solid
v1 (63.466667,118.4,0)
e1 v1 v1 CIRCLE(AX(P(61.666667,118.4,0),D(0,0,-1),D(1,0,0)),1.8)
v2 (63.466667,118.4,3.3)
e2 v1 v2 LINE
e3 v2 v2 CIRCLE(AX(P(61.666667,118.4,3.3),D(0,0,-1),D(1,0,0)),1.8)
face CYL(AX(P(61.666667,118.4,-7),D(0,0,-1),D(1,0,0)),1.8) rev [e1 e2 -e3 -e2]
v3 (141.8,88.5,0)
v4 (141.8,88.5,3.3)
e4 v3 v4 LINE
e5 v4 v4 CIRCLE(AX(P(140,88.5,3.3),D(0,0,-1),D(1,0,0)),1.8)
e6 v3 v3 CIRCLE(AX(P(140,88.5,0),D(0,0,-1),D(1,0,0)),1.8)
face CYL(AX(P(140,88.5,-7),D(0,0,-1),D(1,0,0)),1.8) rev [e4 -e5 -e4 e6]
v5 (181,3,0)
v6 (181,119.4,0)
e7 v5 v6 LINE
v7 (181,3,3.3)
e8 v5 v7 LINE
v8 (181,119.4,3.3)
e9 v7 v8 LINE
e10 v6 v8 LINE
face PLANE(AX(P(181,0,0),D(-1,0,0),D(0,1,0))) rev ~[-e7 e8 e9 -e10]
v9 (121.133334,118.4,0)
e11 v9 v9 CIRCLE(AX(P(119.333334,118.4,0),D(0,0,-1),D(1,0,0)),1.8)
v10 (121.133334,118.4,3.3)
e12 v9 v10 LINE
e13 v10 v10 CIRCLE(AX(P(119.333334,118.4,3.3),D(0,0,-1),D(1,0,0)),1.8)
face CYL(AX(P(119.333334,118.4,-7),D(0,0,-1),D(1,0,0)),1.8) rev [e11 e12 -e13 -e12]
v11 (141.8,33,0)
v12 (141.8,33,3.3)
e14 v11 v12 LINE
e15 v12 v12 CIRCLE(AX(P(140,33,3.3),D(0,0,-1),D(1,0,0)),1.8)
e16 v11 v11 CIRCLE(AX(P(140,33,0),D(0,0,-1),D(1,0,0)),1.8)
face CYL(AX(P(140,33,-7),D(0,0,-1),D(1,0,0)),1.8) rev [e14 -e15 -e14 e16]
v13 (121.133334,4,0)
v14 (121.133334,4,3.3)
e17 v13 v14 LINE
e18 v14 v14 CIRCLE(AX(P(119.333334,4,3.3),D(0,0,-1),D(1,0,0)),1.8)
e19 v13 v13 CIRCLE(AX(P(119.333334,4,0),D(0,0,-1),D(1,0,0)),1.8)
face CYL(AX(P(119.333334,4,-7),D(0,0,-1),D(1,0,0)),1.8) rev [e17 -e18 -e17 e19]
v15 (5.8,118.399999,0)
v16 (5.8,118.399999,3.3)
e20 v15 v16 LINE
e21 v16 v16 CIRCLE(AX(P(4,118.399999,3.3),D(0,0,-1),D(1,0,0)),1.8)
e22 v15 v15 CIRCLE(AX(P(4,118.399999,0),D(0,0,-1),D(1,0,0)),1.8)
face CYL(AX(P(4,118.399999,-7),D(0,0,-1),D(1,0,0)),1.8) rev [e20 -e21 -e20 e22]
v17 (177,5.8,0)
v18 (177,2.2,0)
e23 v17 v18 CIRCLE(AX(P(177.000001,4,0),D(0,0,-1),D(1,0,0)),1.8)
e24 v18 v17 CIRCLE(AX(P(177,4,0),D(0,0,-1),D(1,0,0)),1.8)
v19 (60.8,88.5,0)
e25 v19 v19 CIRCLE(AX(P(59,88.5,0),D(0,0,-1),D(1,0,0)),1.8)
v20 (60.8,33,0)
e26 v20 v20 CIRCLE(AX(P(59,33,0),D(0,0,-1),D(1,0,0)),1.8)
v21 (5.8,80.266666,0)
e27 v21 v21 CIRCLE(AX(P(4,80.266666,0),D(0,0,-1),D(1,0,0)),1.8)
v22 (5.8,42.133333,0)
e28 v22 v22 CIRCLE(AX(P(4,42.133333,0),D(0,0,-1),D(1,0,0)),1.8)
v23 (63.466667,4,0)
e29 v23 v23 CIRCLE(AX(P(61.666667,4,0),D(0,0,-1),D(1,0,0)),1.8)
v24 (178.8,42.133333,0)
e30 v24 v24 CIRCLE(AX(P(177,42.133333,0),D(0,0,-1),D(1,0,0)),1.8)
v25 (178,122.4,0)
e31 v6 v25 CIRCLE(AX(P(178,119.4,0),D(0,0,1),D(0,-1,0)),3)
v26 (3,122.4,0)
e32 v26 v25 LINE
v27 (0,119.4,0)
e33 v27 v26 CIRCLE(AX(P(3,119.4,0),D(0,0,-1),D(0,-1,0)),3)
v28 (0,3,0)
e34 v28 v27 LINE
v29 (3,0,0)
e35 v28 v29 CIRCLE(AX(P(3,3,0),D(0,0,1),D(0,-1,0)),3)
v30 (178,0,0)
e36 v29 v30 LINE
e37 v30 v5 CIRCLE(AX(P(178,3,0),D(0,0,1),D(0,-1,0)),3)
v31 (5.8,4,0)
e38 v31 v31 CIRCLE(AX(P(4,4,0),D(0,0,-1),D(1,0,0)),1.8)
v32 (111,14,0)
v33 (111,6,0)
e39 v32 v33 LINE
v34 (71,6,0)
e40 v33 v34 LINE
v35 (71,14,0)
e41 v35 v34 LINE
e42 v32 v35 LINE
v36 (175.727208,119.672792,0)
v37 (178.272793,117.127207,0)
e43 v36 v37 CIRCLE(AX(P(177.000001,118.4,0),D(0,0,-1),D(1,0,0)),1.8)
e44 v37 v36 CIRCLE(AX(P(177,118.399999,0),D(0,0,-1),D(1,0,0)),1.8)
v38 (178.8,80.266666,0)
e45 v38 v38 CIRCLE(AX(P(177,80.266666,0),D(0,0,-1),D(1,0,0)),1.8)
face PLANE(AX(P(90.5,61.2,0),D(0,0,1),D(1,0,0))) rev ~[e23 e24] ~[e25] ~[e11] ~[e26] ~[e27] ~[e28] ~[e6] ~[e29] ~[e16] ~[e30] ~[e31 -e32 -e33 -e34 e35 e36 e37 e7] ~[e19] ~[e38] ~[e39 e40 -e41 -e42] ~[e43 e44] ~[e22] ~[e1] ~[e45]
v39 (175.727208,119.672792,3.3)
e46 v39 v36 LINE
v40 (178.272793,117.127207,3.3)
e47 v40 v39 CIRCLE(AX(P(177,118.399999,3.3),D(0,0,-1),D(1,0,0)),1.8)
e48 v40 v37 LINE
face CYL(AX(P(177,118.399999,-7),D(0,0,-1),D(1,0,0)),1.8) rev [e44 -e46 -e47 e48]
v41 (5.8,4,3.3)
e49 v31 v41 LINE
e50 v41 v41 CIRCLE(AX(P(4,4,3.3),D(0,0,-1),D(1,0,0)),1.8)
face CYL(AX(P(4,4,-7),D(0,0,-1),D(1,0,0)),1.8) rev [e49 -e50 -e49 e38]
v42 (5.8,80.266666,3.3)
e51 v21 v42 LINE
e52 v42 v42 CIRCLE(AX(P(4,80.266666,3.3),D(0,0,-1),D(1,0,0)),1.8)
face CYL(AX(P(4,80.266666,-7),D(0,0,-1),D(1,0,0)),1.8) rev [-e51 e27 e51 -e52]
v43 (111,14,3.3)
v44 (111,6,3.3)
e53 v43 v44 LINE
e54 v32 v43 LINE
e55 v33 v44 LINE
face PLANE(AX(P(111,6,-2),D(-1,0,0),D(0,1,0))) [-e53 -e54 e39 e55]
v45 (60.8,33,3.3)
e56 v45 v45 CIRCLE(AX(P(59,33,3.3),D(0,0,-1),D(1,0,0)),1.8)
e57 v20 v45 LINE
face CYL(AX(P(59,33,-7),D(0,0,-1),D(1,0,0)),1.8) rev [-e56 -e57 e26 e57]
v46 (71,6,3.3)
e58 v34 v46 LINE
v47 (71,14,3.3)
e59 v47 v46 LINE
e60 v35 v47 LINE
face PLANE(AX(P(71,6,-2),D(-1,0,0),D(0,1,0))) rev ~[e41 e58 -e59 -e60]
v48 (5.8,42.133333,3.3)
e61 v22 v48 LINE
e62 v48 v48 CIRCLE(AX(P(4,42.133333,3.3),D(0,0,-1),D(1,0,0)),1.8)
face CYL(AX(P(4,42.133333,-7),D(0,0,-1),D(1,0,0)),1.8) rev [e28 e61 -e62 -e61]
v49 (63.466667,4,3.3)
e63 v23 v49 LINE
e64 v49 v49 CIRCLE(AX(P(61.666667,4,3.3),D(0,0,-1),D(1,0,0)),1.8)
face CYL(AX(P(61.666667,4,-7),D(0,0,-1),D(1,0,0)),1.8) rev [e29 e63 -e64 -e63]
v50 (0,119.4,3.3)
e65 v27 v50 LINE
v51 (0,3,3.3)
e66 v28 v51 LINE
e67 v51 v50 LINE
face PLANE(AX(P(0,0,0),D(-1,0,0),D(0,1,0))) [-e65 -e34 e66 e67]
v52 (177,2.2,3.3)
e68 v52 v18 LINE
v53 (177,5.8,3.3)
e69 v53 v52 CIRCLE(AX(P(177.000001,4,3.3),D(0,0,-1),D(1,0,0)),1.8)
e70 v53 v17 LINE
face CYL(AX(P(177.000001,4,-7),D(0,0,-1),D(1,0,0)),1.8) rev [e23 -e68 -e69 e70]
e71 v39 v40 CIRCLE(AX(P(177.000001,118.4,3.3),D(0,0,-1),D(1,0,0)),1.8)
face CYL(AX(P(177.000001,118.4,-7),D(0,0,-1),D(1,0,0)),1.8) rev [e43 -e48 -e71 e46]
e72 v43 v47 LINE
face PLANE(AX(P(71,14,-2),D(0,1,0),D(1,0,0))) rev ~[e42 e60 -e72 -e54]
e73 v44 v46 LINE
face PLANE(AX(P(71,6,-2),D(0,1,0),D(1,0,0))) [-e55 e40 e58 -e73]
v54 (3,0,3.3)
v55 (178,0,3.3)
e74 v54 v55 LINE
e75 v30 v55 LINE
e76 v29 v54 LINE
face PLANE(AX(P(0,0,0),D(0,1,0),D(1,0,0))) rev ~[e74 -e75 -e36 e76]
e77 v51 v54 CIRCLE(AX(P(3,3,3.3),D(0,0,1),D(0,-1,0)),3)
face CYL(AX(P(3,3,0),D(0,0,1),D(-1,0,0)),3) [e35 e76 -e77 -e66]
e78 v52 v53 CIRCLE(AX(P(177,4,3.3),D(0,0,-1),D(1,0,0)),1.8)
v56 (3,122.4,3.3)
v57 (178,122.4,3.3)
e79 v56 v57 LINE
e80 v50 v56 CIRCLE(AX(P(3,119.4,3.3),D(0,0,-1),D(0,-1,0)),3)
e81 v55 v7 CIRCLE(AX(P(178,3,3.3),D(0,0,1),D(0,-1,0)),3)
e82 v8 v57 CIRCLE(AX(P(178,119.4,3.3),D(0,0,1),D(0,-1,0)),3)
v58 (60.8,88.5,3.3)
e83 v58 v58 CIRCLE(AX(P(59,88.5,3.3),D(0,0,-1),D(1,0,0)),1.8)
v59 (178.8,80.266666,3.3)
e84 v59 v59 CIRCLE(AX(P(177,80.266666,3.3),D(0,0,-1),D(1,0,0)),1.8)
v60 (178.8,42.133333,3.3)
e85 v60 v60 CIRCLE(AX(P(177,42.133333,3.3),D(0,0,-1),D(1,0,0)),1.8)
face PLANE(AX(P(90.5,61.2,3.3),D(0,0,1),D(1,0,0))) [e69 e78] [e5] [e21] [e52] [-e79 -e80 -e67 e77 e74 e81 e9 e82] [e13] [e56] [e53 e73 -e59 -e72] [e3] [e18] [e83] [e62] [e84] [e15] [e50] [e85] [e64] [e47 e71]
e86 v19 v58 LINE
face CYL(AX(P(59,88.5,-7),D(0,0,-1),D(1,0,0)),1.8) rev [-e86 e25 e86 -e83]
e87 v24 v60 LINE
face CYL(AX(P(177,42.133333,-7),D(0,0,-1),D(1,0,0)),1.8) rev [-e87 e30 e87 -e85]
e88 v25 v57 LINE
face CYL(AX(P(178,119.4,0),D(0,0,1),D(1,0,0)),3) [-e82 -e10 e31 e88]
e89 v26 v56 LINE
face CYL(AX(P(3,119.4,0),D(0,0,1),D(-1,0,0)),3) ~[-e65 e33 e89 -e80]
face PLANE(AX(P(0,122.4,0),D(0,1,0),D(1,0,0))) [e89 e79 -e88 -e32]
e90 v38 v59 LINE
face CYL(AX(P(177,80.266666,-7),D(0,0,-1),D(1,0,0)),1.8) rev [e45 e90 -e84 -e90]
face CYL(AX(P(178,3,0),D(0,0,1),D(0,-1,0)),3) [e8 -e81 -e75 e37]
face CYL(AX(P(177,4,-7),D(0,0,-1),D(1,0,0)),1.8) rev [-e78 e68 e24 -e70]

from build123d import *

# Parameters (mm, degrees)
CYLINDER004_R     = 1.8
CYLINDER004_DEPTH = 20
ARRAY007_X_COUNT  = 2
ARRAY007_X_PITCH  = 81
ARRAY007_Y_COUNT  = 2
ARRAY007_Y_PITCH  = 55.5
CYLINDER003_R     = 1.8
CYLINDER003_DEPTH = 30
ARRAY004_X_COUNT  = 4
ARRAY004_X_PITCH  = 57.666667
ARRAY005_Y_COUNT  = 2
ARRAY005_Y_PITCH  = 114.4
ARRAY002_Y_COUNT  = 4
ARRAY002_Y_PITCH  = 38.133333
ARRAY003_X_COUNT  = 2
ARRAY003_X_PITCH  = 173
BOX019_W          = 40
BOX019_H          = 8
BOX019_DEPTH      = 10
BOX018_W          = 181
BOX018_H          = 122.4
BOX018_DEPTH      = 3.3
FILLET001_R       = 3


with BuildPart() as array007:
    # Cylinder004 → Cylinder004 (new body)
    with BuildSketch(Plane(origin=(59, 33, -7), x_dir=(1, 0, 0), z_dir=(0, 0, 1))):
        Circle(CYLINDER004_R)
    extrude(amount=CYLINDER004_DEPTH)

    # Array007 X: Array007 ×2


with BuildPart() as array007_1:
    add(array007.part)
    with Locations(*[(i * ARRAY007_X_PITCH, 0, 0) for i in range(1, ARRAY007_X_COUNT)]):
        add(array007.part)

    # Array007 Y: Array007 ×2


with BuildPart() as array007_2:
    add(array007_1.part)
    with Locations(*[(0, i * ARRAY007_Y_PITCH, 0) for i in range(1, ARRAY007_Y_COUNT)]):
        add(array007_1.part)


with BuildPart() as cylinder003:
    # Cylinder003 → Cylinder003 (new body)
    with BuildSketch(Plane(origin=(4, 4, 1), x_dir=(1, 0, 0), z_dir=(0, 0, 1))):
        Circle(CYLINDER003_R)
    extrude(amount=CYLINDER003_DEPTH)


with BuildPart() as array005:
    # Array004 base: copy of Cylinder003
    add(cylinder003.part)

    # Array004 X: Array005 ×4


with BuildPart() as array005_1:
    add(array005.part)
    with Locations(*[(i * ARRAY004_X_PITCH, 0, 0) for i in range(1, ARRAY004_X_COUNT)]):
        add(array005.part)

    # Array005 Y: Array005 ×2


with BuildPart() as array005_2:
    add(array005_1.part)
    with Locations(*[(0, i * ARRAY005_Y_PITCH, 0) for i in range(1, ARRAY005_Y_COUNT)]):
        add(array005_1.part)


with BuildPart() as side_wider_holes_clone:
    # Array002 base: copy of Cylinder003
    add(cylinder003.part)

    # Array002 Y: side wider holes clone ×4


with BuildPart() as side_wider_holes_clone_1:
    add(side_wider_holes_clone.part)
    with Locations(*[(0, i * ARRAY002_Y_PITCH, 0) for i in range(1, ARRAY002_Y_COUNT)]):
        add(side_wider_holes_clone.part)

    # Array003 X: side wider holes clone ×2


with BuildPart() as side_wider_holes_clone_2:
    add(side_wider_holes_clone_1.part)
    with Locations(*[(i * ARRAY003_X_PITCH, 0, 0) for i in range(1, ARRAY003_X_COUNT)]):
        add(side_wider_holes_clone_1.part)

    # Fusion009: union Array005
    add(array005_2.part)


with BuildPart() as side_wider_holes_clone_3:
    # Body024 placement: moved
    add(side_wider_holes_clone_2.part.moved(Location((0, 0, -8))))


with BuildPart() as fusion006:
    # Box019 → Box019 (new body)
    with BuildSketch(Plane(origin=(71, 6, -2), x_dir=(1, 0, 0), z_dir=(0, 0, 1))):
        with Locations((20, 4)):
            Rectangle(BOX019_W, BOX019_H)
    extrude(amount=BOX019_DEPTH)

    # Fusion006: union Array007, side wider holes clone
    add(array007_2.part)
    add(side_wider_holes_clone_3.part)


with BuildPart() as display_back_cut:
    # Box018 → Box018 (new body)
    with BuildSketch(Plane.XY):
        with Locations((90.5, 61.2)):
            Rectangle(BOX018_W, BOX018_H)
    extrude(amount=BOX018_DEPTH)

    # Fillet001
    fillet001_edges = [display_back_cut.edges().sort_by_distance(p)[0] for p in [
        (0, 0, 1.65),
        (0, 122.4, 1.65),
        (181, 0, 1.65),
        (181, 122.4, 1.65),
    ]]
    fillet(fillet001_edges, radius=FILLET001_R)

    # Cut003: cut Fusion006
    add(fusion006.part, mode=Mode.SUBTRACT)


solid = display_back_cut.part
